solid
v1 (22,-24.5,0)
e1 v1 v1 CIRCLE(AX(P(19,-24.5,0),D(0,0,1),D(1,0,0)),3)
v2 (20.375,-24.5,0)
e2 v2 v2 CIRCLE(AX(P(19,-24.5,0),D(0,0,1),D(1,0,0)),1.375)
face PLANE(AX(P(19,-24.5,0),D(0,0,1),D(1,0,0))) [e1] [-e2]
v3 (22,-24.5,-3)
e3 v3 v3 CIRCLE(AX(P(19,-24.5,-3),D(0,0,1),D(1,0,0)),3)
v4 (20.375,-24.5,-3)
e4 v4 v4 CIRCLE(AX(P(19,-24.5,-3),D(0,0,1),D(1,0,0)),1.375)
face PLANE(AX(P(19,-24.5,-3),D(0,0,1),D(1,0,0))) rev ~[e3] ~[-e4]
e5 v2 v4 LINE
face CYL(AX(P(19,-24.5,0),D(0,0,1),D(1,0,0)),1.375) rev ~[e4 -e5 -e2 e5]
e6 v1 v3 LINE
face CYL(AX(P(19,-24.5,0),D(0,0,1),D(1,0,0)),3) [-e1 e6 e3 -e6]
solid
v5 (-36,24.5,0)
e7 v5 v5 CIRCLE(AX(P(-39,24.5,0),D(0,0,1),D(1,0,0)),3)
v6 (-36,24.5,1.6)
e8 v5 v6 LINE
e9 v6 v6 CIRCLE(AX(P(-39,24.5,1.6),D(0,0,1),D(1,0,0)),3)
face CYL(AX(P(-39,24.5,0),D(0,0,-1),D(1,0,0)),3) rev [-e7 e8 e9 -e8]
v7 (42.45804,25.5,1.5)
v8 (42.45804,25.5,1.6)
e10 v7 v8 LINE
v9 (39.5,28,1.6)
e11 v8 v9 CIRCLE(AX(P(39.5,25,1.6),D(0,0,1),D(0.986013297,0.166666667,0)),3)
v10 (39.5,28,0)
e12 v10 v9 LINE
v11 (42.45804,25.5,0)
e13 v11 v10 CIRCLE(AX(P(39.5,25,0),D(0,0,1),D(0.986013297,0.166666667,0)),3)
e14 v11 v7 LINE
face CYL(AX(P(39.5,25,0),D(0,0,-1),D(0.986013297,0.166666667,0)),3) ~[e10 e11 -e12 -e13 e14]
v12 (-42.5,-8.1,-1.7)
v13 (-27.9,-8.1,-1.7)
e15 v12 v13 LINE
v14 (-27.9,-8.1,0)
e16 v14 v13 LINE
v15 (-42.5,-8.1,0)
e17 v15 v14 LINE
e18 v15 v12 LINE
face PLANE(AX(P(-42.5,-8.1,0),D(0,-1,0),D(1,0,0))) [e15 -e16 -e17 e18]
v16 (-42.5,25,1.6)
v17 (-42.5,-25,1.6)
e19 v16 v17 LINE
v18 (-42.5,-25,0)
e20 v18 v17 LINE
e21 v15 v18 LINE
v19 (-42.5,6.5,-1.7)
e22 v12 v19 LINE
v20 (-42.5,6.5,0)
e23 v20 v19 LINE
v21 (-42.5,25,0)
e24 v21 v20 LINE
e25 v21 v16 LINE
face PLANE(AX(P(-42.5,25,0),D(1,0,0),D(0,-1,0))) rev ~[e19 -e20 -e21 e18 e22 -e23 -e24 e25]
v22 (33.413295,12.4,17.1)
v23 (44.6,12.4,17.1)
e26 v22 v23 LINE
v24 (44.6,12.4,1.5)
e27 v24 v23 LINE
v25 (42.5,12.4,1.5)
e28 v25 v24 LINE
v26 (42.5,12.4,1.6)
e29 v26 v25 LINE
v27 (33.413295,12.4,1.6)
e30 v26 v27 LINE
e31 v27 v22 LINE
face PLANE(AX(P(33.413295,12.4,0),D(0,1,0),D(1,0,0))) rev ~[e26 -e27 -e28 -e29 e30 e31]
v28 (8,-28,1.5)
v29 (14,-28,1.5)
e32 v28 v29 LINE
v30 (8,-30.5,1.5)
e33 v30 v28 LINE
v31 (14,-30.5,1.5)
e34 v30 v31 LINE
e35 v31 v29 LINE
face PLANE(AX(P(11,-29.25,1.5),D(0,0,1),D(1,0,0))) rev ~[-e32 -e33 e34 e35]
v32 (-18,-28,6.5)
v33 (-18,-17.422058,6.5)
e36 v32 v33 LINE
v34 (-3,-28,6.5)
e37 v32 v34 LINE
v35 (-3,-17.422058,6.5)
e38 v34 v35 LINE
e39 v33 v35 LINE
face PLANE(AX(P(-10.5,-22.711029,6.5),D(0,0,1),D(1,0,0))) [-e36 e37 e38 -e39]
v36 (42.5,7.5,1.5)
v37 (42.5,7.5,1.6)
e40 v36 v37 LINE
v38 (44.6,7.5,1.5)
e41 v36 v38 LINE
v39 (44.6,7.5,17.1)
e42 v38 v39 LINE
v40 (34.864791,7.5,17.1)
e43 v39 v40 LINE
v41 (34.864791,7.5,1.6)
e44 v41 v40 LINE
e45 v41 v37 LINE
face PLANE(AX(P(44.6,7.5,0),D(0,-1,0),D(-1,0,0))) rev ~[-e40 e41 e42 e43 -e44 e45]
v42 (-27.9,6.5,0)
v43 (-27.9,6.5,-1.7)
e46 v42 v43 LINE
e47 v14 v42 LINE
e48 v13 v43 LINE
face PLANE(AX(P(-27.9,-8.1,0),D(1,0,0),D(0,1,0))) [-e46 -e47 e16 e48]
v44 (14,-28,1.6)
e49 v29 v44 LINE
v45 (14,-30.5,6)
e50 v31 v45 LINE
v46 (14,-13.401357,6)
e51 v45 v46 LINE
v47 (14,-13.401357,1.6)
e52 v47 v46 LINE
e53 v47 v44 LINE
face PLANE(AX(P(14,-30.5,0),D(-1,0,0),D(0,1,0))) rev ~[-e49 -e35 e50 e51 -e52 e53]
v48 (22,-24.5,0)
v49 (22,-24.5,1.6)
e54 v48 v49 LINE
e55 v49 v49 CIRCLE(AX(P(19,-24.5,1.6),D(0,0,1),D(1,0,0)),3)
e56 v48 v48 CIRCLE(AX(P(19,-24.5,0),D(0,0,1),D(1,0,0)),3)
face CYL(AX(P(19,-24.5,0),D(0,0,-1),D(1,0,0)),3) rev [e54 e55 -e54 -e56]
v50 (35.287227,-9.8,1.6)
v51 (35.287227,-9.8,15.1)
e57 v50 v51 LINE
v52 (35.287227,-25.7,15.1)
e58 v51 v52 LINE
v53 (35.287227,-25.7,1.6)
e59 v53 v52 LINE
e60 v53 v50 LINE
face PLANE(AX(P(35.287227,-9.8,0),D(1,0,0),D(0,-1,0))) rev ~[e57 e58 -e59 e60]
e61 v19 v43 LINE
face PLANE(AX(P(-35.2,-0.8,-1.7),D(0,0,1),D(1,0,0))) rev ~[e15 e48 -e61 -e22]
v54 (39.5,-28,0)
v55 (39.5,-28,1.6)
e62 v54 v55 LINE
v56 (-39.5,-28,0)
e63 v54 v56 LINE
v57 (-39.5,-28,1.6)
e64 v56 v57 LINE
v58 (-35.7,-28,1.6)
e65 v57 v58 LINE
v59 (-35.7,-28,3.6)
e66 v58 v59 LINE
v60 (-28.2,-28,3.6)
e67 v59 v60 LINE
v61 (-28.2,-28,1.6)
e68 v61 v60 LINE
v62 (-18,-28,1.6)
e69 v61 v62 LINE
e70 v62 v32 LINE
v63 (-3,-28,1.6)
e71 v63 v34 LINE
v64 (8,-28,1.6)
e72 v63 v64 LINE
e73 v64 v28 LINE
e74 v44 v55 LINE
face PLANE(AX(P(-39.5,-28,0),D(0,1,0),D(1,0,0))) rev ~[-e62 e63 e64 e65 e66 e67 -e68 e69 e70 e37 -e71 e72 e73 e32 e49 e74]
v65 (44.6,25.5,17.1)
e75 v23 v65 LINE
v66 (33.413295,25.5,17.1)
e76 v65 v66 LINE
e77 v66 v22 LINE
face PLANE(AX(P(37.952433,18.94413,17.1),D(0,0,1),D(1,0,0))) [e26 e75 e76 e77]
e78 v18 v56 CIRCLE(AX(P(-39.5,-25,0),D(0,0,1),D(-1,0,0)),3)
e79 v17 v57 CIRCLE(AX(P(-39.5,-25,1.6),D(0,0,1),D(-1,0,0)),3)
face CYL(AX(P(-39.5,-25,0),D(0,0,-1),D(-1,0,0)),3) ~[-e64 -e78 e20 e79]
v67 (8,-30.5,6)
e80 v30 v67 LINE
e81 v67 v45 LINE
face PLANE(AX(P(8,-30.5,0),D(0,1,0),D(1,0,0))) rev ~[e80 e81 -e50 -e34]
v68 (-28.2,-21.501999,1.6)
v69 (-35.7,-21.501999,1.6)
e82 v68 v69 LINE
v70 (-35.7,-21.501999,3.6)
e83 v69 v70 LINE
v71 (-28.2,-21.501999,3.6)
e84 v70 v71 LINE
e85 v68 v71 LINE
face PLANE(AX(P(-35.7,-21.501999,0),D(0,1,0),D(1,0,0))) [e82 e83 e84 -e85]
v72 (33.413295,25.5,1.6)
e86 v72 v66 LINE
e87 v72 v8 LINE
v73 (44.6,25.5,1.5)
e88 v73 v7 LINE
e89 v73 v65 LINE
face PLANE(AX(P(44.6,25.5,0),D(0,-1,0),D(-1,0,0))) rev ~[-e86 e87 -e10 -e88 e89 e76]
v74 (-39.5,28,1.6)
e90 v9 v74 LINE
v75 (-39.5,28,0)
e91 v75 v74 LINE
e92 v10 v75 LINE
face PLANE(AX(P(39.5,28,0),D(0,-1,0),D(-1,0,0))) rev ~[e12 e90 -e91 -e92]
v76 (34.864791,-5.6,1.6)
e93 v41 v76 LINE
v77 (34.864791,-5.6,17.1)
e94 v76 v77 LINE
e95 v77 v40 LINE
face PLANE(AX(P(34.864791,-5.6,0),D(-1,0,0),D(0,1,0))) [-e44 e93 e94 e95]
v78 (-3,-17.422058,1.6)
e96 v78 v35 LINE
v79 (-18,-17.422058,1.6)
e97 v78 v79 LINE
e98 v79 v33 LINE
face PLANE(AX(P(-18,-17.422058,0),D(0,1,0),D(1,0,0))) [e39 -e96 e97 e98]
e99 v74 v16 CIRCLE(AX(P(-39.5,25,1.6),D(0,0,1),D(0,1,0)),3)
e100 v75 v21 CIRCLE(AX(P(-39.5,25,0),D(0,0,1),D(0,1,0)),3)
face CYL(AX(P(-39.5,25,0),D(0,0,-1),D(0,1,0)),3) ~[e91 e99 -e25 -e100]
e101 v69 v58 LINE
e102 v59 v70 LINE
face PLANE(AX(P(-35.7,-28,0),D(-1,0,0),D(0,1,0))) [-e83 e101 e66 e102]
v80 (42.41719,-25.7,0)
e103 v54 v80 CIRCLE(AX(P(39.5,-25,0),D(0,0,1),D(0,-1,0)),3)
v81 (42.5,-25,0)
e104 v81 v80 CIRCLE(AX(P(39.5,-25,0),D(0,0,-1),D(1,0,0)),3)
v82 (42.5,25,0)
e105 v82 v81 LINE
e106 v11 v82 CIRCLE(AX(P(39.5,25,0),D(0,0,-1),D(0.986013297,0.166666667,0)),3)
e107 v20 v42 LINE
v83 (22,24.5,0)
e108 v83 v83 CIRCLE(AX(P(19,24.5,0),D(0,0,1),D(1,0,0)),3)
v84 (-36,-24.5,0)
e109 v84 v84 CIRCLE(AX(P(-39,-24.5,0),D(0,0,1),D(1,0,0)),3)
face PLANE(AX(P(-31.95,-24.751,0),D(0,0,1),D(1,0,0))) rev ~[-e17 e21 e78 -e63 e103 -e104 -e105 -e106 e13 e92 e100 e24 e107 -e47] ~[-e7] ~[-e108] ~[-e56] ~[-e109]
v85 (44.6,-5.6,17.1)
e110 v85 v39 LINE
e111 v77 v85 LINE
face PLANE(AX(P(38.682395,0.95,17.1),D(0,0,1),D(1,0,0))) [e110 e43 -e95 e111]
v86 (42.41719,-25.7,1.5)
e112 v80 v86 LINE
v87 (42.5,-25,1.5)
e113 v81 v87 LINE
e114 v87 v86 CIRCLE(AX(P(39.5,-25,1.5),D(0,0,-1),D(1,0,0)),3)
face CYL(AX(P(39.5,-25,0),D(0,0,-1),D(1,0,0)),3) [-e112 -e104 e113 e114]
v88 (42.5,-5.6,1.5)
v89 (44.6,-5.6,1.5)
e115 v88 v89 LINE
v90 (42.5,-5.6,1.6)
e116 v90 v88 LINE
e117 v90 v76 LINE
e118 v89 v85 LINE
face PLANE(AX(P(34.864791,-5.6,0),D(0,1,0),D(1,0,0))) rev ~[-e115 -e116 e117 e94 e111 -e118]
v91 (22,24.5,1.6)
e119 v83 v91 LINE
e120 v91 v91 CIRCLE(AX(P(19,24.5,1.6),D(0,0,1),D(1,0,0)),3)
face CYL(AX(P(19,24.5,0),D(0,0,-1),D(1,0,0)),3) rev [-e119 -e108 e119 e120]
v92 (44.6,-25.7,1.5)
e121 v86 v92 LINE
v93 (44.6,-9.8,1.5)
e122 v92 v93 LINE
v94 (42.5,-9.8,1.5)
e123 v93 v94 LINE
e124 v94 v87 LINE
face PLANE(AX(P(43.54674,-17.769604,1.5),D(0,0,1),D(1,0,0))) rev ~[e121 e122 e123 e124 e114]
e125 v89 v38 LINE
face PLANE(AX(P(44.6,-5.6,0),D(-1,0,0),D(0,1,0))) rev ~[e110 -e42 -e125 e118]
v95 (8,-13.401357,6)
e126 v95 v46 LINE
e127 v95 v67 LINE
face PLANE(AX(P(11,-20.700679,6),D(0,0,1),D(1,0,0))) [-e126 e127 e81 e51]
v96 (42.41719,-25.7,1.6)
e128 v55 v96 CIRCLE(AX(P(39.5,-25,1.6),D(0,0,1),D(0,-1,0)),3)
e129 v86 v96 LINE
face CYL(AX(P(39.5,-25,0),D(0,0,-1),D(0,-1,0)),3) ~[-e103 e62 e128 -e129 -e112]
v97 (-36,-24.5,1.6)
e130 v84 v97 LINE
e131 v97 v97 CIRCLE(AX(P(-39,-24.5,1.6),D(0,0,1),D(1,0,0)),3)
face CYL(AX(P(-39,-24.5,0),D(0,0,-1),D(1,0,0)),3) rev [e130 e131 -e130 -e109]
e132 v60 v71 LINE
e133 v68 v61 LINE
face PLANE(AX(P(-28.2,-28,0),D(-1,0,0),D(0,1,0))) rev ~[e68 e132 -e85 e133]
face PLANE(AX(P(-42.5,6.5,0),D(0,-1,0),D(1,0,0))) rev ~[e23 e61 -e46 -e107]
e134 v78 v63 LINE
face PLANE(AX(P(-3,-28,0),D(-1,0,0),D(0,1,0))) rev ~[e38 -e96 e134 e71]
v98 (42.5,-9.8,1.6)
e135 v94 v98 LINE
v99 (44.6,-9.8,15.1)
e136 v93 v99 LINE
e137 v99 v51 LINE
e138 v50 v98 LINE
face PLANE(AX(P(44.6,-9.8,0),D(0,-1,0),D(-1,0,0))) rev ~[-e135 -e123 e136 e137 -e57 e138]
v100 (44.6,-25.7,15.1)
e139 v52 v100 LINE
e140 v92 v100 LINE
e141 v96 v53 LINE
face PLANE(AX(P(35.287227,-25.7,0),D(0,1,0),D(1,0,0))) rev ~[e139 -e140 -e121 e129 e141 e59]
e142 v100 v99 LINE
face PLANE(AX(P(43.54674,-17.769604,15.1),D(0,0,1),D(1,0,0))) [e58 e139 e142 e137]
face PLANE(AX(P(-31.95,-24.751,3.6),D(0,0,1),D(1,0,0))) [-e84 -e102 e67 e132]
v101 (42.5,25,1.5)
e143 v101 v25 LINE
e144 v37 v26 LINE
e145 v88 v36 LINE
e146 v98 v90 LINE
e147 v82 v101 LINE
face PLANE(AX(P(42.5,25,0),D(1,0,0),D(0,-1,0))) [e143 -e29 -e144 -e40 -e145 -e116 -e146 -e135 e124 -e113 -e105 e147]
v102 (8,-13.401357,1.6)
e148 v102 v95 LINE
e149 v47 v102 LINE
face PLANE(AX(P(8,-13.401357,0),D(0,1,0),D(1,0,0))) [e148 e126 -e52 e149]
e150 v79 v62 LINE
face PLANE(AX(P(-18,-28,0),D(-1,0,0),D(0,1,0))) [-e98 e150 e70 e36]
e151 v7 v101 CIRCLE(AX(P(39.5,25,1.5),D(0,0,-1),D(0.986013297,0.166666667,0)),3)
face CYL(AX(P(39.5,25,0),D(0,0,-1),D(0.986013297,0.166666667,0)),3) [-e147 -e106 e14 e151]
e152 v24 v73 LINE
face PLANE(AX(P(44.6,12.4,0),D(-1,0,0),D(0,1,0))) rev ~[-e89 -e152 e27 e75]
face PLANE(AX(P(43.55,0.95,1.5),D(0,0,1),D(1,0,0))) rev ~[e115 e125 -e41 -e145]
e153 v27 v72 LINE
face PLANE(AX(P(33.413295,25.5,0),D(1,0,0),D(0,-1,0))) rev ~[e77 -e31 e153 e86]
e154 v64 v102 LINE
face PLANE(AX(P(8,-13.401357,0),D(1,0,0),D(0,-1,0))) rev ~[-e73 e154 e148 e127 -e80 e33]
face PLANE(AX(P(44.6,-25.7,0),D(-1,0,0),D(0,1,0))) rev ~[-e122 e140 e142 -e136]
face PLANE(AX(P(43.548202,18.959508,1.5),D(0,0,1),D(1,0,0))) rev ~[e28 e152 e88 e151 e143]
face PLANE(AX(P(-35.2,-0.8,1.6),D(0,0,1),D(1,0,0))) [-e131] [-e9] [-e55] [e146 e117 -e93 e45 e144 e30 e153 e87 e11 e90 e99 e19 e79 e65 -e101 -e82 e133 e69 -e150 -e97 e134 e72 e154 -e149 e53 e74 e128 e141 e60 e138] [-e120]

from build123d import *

# Parameters (mm, degrees)
F0_W     = 14.6
F0_H     = 14.6
F0_R     = 3
F0_W_2   = 7.6352092624
F0_H_2   = 13.1
F0_W_3   = 6
F0_H_3   = 14.598642543
F0_W_4   = 15
F0_H_4   = 10.5779423118
F0_W_5   = 7.5
F0_H_5   = 6.4980006516
F1_DEPTH = 1.6
F2_DEPTH = 1.7
F0_W_6   = 2.1
F3_DEPTH = 17.1
F4_DEPTH = 15.1
F0_H_6   = 2.5
F5_DEPTH = 6
F6_DEPTH = 6.5
F7_DEPTH = 1.5
F8_DEPTH = 3.6
F0_R_2   = 1.375
F9_DEPTH = 3


with BuildPart() as f1:
    # F0 (on Top) → F1 (new body)
    with BuildSketch(Plane.XY):
        with Locations((-35.2, -0.8)):
            Rectangle(F0_W, F0_H)
        with BuildLine():
            ThreePointArc((-42.5, -25), (-41.6213203436, -27.1213203436), (-39.5, -28))
            Line((-39.5, -28), (-35.7, -28))
            Line((-35.7, -28), (-35.7, -21.5019993484))
            Line((-35.7, -21.5019993484), (-28.2, -21.5019993484))
            Line((-28.2, -21.5019993484), (-28.2, -28))
            Line((-28.2, -28), (-18, -28))
            Line((-18, -28), (-18, -17.4220576882))
            Line((-18, -17.4220576882), (-3, -17.4220576882))
            Line((-3, -17.4220576882), (-3, -28))
            Line((-3, -28), (8, -28))
            Line((8, -28), (8, -13.401357457))
            Line((8, -13.401357457), (14, -13.401357457))
            Line((14, -13.401357457), (14, -28))
            Line((14, -28), (39.5, -28))
            ThreePointArc((39.5, -28), (41.3574175621, -27.3558437979), (42.4171904292, -25.7))
            Line((42.4171904292, -25.7), (35.2872274816, -25.7))
            Line((35.2872274816, -25.7), (35.2872274816, -9.8))
            Line((35.2872274816, -9.8), (42.5, -9.8))
            Line((42.5, -9.8), (42.5, -5.6))
            Line((42.5, -5.6), (34.8647907376, -5.6))
            Line((34.8647907376, -5.6), (34.8647907376, 7.5))
            Line((34.8647907376, 7.5), (42.5, 7.5))
            Line((42.5, 7.5), (42.5, 12.4))
            Line((42.5, 12.4), (33.4132947028, 12.4))
            Line((33.4132947028, 12.4), (33.4132947028, 25.5))
            Line((33.4132947028, 25.5), (42.4580398915, 25.5))
            ThreePointArc((42.4580398915, 25.5), (41.4364916731, 27.2912878475), (39.5, 28))
            Line((39.5, 28), (-39.5, 28))
            ThreePointArc((-39.5, 28), (-41.6213203436, 27.1213203436), (-42.5, 25))
            Line((-42.5, 25), (-42.5, 6.5))
            Line((-42.5, 6.5), (-27.9, 6.5))
            Line((-27.9, 6.5), (-27.9, -8.1))
            Line((-27.9, -8.1), (-42.5, -8.1))
            Line((-42.5, -8.1), (-42.5, -25))
        make_face()
        with Locations((-39, -24.5)):
            Circle(F0_R, mode=Mode.SUBTRACT)
        with Locations((19, -24.5)):
            Circle(F0_R, mode=Mode.SUBTRACT)
        with Locations((-39, 24.5)):
            Circle(F0_R, mode=Mode.SUBTRACT)
        with Locations((19, 24.5)):
            Circle(F0_R, mode=Mode.SUBTRACT)
        with BuildLine():
            Line((35.2872274816, -25.7), (42.4171904292, -25.7))
            ThreePointArc((42.4171904292, -25.7), (42.4792256786, -25.3524405712), (42.5, -25))
            Line((42.5, -25), (42.5, -9.8))
            Line((42.5, -9.8), (35.2872274816, -9.8))
            Line((35.2872274816, -9.8), (35.2872274816, -25.7))
        make_face()
        with Locations((38.6823953688, 0.95)):
            Rectangle(F0_W_2, F0_H_2)
        with BuildLine():
            ThreePointArc((42.5, 25), (42.4894915684, 25.2508787808), (42.4580398915, 25.5))
            Line((42.4580398915, 25.5), (33.4132947028, 25.5))
            Line((33.4132947028, 25.5), (33.4132947028, 12.4))
            Line((33.4132947028, 12.4), (42.5, 12.4))
            Line((42.5, 12.4), (42.5, 25))
        make_face()
        with Locations((11, -20.7006787285)):
            Rectangle(F0_W_3, F0_H_3)
        with Locations((-10.5, -22.7110288441)):
            Rectangle(F0_W_4, F0_H_4)
        with Locations((-31.95, -24.7509996742)):
            Rectangle(F0_W_5, F0_H_5)
    extrude(amount=F1_DEPTH)

    # F0 (on Top) → F2 (join)
    with BuildSketch(Plane.XY):
        with Locations((-35.2, -0.8)):
            Rectangle(F0_W, F0_H)
    extrude(amount=-F2_DEPTH)

    # F0 (on Top) → F3 (join)
    with BuildSketch(Plane.XY):
        with Locations((38.6823953688, 0.95)):
            Rectangle(F0_W_2, F0_H_2)
        with Locations((43.55, 0.95)):
            Rectangle(F0_W_6, F0_H_2)
        with BuildLine():
            ThreePointArc((42.5, 25), (42.4894915684, 25.2508787808), (42.4580398915, 25.5))
            Line((42.4580398915, 25.5), (33.4132947028, 25.5))
            Line((33.4132947028, 25.5), (33.4132947028, 12.4))
            Line((33.4132947028, 12.4), (42.5, 12.4))
            Line((42.5, 12.4), (42.5, 25))
        make_face()
        with BuildLine():
            Line((44.6, 25.5), (42.4580398915, 25.5))
            ThreePointArc((42.4580398915, 25.5), (42.4894915684, 25.2508787808), (42.5, 25))
            Line((42.5, 25), (42.5, 12.4))
            Line((42.5, 12.4), (44.6, 12.4))
            Line((44.6, 12.4), (44.6, 25.5))
        make_face()
    extrude(amount=F3_DEPTH)

    # F0 (on Top) → F4 (join)
    with BuildSketch(Plane.XY):
        with BuildLine():
            ThreePointArc((42.5, -25), (42.4792256786, -25.3524405712), (42.4171904292, -25.7))
            Line((42.4171904292, -25.7), (44.6, -25.7))
            Line((44.6, -25.7), (44.6, -9.8))
            Line((44.6, -9.8), (42.5, -9.8))
            Line((42.5, -9.8), (42.5, -25))
        make_face()
        with BuildLine():
            Line((35.2872274816, -25.7), (42.4171904292, -25.7))
            ThreePointArc((42.4171904292, -25.7), (42.4792256786, -25.3524405712), (42.5, -25))
            Line((42.5, -25), (42.5, -9.8))
            Line((42.5, -9.8), (35.2872274816, -9.8))
            Line((35.2872274816, -9.8), (35.2872274816, -25.7))
        make_face()
    extrude(amount=F4_DEPTH)

    # F0 (on Top) → F5 (join)
    with BuildSketch(Plane.XY):
        with Locations((11, -20.7006787285)):
            Rectangle(F0_W_3, F0_H_3)
        with Locations((11, -29.25)):
            Rectangle(F0_W_3, F0_H_6)
    extrude(amount=F5_DEPTH)

    # F0 (on Top) → F6 (join)
    with BuildSketch(Plane.XY):
        with Locations((-10.5, -22.7110288441)):
            Rectangle(F0_W_4, F0_H_4)
    extrude(amount=F6_DEPTH)

    # F0 (on Top) → F7 (cut)
    with BuildSketch(Plane.XY):
        with BuildLine():
            Line((44.6, 25.5), (42.4580398915, 25.5))
            ThreePointArc((42.4580398915, 25.5), (42.4894915684, 25.2508787808), (42.5, 25))
            Line((42.5, 25), (42.5, 12.4))
            Line((42.5, 12.4), (44.6, 12.4))
            Line((44.6, 12.4), (44.6, 25.5))
        make_face()
        with Locations((43.55, 0.95)):
            Rectangle(F0_W_6, F0_H_2)
        with BuildLine():
            ThreePointArc((42.5, -25), (42.4792256786, -25.3524405712), (42.4171904292, -25.7))
            Line((42.4171904292, -25.7), (44.6, -25.7))
            Line((44.6, -25.7), (44.6, -9.8))
            Line((44.6, -9.8), (42.5, -9.8))
            Line((42.5, -9.8), (42.5, -25))
        make_face()
        with Locations((11, -29.25)):
            Rectangle(F0_W_3, F0_H_6)
    extrude(amount=F7_DEPTH, mode=Mode.SUBTRACT)

    # F0 (on Top) → F8 (join)
    with BuildSketch(Plane.XY):
        with Locations((-31.95, -24.7509996742)):
            Rectangle(F0_W_5, F0_H_5)
    extrude(amount=F8_DEPTH)


with BuildPart() as f9:
    # F0 (on Top) → F9 (new body)
    with BuildSketch(Plane.XY):
        with Locations((19, -24.5)):
            Circle(F0_R)
        with Locations((19, -24.5)):
            Circle(F0_R_2, mode=Mode.SUBTRACT)
    extrude(amount=-F9_DEPTH)


solid = Compound([f1.part, f9.part])
